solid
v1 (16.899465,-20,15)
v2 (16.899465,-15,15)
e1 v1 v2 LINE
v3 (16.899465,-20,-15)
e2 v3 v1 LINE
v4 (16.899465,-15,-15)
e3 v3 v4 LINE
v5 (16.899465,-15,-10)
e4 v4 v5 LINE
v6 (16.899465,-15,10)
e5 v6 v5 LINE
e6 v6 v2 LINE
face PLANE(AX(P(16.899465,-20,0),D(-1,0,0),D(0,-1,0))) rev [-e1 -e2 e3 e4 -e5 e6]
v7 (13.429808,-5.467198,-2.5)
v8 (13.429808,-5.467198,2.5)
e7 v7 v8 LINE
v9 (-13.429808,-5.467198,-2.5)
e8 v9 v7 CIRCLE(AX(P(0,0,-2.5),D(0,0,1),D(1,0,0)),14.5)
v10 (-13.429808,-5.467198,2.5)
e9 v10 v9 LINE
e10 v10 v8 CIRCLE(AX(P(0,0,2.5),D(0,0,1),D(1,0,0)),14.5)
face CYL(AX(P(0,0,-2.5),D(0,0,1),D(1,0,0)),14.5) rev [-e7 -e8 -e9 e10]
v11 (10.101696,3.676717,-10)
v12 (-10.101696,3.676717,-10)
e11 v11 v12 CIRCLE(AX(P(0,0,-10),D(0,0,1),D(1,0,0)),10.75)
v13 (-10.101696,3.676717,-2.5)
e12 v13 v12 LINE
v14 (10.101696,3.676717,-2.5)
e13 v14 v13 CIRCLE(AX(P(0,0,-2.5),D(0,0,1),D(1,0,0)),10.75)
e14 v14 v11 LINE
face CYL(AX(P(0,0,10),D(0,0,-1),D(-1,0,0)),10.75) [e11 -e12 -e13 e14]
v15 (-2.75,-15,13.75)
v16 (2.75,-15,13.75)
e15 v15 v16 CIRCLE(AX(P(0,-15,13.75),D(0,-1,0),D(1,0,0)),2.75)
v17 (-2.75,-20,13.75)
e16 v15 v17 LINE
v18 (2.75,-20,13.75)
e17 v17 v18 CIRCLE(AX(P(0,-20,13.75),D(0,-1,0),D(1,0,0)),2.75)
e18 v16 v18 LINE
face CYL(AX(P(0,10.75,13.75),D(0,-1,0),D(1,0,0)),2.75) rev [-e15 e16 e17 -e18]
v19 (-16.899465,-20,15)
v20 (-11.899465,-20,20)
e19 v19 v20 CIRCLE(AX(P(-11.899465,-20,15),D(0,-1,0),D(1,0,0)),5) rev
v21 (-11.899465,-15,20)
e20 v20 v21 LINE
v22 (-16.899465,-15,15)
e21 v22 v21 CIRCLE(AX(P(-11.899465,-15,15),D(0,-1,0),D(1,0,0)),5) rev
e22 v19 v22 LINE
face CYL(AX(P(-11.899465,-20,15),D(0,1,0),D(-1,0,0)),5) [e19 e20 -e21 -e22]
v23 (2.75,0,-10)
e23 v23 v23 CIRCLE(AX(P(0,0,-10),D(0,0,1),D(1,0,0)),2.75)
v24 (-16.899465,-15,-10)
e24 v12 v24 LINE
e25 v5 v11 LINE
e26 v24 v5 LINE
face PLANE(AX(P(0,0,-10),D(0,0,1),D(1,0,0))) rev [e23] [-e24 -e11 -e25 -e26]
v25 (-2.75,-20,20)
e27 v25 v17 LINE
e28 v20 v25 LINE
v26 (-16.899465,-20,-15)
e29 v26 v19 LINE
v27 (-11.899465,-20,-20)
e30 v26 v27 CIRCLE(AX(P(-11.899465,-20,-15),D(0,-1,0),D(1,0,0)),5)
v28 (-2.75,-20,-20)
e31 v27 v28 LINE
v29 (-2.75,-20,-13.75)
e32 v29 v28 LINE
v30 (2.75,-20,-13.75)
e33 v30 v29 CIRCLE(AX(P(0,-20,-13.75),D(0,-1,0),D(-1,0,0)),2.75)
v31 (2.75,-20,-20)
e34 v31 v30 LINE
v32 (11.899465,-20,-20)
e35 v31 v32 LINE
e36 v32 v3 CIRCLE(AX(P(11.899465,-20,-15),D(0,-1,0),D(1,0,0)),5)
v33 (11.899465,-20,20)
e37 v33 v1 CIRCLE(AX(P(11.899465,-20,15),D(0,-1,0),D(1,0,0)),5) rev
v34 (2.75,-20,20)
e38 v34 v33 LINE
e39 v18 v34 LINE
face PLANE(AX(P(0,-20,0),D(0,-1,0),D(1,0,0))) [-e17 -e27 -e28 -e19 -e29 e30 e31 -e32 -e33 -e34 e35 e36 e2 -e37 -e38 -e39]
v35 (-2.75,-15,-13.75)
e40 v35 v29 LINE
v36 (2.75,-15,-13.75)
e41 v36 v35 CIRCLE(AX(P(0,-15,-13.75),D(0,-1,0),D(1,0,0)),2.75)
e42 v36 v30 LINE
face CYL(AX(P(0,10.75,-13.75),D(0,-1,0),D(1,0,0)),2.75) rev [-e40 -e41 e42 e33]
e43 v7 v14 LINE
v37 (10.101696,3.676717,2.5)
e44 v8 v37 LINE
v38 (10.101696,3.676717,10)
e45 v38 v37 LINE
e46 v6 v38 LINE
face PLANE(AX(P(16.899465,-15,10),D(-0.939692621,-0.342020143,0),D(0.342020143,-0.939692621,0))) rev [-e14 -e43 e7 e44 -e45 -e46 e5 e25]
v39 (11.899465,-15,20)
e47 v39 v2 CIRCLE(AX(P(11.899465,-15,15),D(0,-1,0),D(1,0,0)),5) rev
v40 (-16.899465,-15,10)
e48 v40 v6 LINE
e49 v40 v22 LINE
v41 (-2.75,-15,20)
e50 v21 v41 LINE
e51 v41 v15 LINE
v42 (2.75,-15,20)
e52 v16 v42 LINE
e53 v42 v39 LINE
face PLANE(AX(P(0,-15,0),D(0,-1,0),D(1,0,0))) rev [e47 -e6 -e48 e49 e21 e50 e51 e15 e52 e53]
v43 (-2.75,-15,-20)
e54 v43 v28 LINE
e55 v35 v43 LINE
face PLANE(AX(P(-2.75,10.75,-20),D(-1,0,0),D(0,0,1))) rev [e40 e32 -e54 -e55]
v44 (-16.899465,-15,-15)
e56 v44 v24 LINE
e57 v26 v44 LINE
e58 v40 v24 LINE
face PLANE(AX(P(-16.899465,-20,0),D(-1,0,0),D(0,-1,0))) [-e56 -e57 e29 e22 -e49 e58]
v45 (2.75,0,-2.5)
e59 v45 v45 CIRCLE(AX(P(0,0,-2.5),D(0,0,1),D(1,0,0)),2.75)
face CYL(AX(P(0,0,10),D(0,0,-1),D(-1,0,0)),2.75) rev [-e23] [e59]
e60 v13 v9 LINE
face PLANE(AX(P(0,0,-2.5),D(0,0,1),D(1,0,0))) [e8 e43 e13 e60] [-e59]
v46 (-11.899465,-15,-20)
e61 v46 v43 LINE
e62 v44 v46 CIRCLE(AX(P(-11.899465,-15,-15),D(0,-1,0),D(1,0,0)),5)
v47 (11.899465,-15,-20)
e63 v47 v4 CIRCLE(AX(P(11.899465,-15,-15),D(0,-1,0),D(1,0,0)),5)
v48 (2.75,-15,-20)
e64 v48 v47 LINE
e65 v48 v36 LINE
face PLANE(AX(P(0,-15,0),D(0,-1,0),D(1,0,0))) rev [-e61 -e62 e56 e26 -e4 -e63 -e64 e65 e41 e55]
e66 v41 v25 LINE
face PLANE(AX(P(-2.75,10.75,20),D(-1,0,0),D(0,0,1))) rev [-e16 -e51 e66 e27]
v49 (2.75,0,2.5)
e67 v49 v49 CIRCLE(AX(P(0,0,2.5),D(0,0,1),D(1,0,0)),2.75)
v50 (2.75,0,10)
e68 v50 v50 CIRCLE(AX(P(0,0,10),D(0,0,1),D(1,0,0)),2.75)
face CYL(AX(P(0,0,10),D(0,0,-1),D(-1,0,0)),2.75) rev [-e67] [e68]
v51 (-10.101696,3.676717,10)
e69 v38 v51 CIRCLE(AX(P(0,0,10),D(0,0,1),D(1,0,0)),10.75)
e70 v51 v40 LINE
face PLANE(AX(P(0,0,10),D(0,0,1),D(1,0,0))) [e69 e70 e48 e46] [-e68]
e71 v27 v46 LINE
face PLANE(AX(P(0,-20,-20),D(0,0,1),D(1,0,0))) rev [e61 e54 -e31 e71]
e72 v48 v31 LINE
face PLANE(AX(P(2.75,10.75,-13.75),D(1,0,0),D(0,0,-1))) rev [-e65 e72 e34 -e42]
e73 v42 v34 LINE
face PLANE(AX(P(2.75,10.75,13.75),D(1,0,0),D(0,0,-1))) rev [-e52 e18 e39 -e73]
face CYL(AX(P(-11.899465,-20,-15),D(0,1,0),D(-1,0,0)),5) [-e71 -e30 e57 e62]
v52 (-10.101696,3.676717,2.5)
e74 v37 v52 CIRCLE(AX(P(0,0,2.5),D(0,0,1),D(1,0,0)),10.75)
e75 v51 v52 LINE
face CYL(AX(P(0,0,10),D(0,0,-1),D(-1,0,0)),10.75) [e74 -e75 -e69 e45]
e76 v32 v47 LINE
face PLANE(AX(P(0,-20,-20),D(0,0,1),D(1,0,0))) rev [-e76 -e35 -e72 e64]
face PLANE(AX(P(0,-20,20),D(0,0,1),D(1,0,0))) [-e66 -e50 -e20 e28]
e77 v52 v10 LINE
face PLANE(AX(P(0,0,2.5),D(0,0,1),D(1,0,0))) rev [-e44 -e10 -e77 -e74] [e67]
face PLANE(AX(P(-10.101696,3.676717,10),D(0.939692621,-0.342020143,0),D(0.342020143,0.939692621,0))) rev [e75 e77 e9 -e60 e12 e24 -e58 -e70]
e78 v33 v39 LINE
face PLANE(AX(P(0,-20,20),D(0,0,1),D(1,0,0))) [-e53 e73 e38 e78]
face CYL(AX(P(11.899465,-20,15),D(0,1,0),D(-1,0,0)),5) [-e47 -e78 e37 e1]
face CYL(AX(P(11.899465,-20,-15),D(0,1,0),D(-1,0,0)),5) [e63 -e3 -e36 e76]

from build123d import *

# Parameters (mm, degrees)
SKETCH1_R           = 2.75
BOSS_EXTRUDE1_DEPTH = 10
SKETCH2_R           = 14.5
CUT_EXTRUDE1_DEPTH  = 2.5
BOSS_EXTRUDE2_DEPTH = 5
CUT_EXTRUDE5_DEPTH  = 41.387552571


with BuildPart() as part:
    # Sketch1 → Boss-Extrude1 (new, symmetric)
    with BuildSketch(Plane.XY):
        with BuildLine():
            Line((-10.101695673, 3.676716541), (-16.899464568, -15))
            Line((-16.899464568, -15), (16.899464568, -15))
            Line((16.899464568, -15), (10.101695673, 3.676716541))
            ThreePointArc((10.101695673, 3.676716541), (0, 10.75), (-10.101695673, 3.676716541))
        make_face()
        Circle(SKETCH1_R, mode=Mode.SUBTRACT)
    extrude(amount=BOSS_EXTRUDE1_DEPTH, both=True)

    # Sketch2 → Cut-Extrude1 (cut, symmetric)
    with BuildSketch(Plane.XY):
        Circle(SKETCH2_R)
    extrude(amount=CUT_EXTRUDE1_DEPTH, both=True, mode=Mode.SUBTRACT)

    # Sketch3 → Boss-Extrude2 (add)
    with BuildSketch(Plane.XZ.offset(15)):
        with BuildLine():
            Line((-16.899464568, 15), (-16.899464568, 10))
            Line((-16.899464568, 10), (16.899464568, 10))
            Line((16.899464568, 10), (16.899464568, 15))
            ThreePointArc((16.899464568, 15), (15.434998474, 18.535533906), (11.899464568, 20))
            Line((11.899464568, 20), (-11.899464568, 20))
            ThreePointArc((-11.899464568, 20), (-15.434998474, 18.535533906), (-16.899464568, 15))
        make_face()
        Polygon((16.899464568, 10), (-16.899464568, 10), (-16.899464568, -10), (16.899464568, -10), (16.899464568, 0), align=None)
        with BuildLine():
            Line((16.899464568, -10), (-16.899464568, -10))
            Line((-16.899464568, -10), (-16.899464568, -15))
            ThreePointArc((-16.899464568, -15), (-15.434998474, -18.535533906), (-11.899464568, -20))
            Line((-11.899464568, -20), (11.899464568, -20))
            ThreePointArc((11.899464568, -20), (15.434998474, -18.535533906), (16.899464568, -15))
            Line((16.899464568, -15), (16.899464568, -10))
        make_face()
    extrude(amount=BOSS_EXTRUDE2_DEPTH)

    # Sketch4 → Cut-Extrude5 (cut, through all)
    with BuildSketch(Plane.XZ.offset(20)):
        with BuildLine():
            Line((-2.75, 20), (-2.75, 13.75))
            ThreePointArc((-2.75, 13.75), (0, 11), (2.75, 13.75))
            Line((2.75, 13.75), (2.75, 20))
            Line((2.75, 20), (-2.75, 20))
        make_face()
        with BuildLine():
            Line((-2.75, -20), (-2.75, -13.75))
            ThreePointArc((-2.75, -13.75), (0, -11), (2.75, -13.75))
            Line((2.75, -13.75), (2.75, -20))
            Line((2.75, -20), (-2.75, -20))
        make_face()
    extrude(amount=-CUT_EXTRUDE5_DEPTH, mode=Mode.SUBTRACT)


solid = part.part
